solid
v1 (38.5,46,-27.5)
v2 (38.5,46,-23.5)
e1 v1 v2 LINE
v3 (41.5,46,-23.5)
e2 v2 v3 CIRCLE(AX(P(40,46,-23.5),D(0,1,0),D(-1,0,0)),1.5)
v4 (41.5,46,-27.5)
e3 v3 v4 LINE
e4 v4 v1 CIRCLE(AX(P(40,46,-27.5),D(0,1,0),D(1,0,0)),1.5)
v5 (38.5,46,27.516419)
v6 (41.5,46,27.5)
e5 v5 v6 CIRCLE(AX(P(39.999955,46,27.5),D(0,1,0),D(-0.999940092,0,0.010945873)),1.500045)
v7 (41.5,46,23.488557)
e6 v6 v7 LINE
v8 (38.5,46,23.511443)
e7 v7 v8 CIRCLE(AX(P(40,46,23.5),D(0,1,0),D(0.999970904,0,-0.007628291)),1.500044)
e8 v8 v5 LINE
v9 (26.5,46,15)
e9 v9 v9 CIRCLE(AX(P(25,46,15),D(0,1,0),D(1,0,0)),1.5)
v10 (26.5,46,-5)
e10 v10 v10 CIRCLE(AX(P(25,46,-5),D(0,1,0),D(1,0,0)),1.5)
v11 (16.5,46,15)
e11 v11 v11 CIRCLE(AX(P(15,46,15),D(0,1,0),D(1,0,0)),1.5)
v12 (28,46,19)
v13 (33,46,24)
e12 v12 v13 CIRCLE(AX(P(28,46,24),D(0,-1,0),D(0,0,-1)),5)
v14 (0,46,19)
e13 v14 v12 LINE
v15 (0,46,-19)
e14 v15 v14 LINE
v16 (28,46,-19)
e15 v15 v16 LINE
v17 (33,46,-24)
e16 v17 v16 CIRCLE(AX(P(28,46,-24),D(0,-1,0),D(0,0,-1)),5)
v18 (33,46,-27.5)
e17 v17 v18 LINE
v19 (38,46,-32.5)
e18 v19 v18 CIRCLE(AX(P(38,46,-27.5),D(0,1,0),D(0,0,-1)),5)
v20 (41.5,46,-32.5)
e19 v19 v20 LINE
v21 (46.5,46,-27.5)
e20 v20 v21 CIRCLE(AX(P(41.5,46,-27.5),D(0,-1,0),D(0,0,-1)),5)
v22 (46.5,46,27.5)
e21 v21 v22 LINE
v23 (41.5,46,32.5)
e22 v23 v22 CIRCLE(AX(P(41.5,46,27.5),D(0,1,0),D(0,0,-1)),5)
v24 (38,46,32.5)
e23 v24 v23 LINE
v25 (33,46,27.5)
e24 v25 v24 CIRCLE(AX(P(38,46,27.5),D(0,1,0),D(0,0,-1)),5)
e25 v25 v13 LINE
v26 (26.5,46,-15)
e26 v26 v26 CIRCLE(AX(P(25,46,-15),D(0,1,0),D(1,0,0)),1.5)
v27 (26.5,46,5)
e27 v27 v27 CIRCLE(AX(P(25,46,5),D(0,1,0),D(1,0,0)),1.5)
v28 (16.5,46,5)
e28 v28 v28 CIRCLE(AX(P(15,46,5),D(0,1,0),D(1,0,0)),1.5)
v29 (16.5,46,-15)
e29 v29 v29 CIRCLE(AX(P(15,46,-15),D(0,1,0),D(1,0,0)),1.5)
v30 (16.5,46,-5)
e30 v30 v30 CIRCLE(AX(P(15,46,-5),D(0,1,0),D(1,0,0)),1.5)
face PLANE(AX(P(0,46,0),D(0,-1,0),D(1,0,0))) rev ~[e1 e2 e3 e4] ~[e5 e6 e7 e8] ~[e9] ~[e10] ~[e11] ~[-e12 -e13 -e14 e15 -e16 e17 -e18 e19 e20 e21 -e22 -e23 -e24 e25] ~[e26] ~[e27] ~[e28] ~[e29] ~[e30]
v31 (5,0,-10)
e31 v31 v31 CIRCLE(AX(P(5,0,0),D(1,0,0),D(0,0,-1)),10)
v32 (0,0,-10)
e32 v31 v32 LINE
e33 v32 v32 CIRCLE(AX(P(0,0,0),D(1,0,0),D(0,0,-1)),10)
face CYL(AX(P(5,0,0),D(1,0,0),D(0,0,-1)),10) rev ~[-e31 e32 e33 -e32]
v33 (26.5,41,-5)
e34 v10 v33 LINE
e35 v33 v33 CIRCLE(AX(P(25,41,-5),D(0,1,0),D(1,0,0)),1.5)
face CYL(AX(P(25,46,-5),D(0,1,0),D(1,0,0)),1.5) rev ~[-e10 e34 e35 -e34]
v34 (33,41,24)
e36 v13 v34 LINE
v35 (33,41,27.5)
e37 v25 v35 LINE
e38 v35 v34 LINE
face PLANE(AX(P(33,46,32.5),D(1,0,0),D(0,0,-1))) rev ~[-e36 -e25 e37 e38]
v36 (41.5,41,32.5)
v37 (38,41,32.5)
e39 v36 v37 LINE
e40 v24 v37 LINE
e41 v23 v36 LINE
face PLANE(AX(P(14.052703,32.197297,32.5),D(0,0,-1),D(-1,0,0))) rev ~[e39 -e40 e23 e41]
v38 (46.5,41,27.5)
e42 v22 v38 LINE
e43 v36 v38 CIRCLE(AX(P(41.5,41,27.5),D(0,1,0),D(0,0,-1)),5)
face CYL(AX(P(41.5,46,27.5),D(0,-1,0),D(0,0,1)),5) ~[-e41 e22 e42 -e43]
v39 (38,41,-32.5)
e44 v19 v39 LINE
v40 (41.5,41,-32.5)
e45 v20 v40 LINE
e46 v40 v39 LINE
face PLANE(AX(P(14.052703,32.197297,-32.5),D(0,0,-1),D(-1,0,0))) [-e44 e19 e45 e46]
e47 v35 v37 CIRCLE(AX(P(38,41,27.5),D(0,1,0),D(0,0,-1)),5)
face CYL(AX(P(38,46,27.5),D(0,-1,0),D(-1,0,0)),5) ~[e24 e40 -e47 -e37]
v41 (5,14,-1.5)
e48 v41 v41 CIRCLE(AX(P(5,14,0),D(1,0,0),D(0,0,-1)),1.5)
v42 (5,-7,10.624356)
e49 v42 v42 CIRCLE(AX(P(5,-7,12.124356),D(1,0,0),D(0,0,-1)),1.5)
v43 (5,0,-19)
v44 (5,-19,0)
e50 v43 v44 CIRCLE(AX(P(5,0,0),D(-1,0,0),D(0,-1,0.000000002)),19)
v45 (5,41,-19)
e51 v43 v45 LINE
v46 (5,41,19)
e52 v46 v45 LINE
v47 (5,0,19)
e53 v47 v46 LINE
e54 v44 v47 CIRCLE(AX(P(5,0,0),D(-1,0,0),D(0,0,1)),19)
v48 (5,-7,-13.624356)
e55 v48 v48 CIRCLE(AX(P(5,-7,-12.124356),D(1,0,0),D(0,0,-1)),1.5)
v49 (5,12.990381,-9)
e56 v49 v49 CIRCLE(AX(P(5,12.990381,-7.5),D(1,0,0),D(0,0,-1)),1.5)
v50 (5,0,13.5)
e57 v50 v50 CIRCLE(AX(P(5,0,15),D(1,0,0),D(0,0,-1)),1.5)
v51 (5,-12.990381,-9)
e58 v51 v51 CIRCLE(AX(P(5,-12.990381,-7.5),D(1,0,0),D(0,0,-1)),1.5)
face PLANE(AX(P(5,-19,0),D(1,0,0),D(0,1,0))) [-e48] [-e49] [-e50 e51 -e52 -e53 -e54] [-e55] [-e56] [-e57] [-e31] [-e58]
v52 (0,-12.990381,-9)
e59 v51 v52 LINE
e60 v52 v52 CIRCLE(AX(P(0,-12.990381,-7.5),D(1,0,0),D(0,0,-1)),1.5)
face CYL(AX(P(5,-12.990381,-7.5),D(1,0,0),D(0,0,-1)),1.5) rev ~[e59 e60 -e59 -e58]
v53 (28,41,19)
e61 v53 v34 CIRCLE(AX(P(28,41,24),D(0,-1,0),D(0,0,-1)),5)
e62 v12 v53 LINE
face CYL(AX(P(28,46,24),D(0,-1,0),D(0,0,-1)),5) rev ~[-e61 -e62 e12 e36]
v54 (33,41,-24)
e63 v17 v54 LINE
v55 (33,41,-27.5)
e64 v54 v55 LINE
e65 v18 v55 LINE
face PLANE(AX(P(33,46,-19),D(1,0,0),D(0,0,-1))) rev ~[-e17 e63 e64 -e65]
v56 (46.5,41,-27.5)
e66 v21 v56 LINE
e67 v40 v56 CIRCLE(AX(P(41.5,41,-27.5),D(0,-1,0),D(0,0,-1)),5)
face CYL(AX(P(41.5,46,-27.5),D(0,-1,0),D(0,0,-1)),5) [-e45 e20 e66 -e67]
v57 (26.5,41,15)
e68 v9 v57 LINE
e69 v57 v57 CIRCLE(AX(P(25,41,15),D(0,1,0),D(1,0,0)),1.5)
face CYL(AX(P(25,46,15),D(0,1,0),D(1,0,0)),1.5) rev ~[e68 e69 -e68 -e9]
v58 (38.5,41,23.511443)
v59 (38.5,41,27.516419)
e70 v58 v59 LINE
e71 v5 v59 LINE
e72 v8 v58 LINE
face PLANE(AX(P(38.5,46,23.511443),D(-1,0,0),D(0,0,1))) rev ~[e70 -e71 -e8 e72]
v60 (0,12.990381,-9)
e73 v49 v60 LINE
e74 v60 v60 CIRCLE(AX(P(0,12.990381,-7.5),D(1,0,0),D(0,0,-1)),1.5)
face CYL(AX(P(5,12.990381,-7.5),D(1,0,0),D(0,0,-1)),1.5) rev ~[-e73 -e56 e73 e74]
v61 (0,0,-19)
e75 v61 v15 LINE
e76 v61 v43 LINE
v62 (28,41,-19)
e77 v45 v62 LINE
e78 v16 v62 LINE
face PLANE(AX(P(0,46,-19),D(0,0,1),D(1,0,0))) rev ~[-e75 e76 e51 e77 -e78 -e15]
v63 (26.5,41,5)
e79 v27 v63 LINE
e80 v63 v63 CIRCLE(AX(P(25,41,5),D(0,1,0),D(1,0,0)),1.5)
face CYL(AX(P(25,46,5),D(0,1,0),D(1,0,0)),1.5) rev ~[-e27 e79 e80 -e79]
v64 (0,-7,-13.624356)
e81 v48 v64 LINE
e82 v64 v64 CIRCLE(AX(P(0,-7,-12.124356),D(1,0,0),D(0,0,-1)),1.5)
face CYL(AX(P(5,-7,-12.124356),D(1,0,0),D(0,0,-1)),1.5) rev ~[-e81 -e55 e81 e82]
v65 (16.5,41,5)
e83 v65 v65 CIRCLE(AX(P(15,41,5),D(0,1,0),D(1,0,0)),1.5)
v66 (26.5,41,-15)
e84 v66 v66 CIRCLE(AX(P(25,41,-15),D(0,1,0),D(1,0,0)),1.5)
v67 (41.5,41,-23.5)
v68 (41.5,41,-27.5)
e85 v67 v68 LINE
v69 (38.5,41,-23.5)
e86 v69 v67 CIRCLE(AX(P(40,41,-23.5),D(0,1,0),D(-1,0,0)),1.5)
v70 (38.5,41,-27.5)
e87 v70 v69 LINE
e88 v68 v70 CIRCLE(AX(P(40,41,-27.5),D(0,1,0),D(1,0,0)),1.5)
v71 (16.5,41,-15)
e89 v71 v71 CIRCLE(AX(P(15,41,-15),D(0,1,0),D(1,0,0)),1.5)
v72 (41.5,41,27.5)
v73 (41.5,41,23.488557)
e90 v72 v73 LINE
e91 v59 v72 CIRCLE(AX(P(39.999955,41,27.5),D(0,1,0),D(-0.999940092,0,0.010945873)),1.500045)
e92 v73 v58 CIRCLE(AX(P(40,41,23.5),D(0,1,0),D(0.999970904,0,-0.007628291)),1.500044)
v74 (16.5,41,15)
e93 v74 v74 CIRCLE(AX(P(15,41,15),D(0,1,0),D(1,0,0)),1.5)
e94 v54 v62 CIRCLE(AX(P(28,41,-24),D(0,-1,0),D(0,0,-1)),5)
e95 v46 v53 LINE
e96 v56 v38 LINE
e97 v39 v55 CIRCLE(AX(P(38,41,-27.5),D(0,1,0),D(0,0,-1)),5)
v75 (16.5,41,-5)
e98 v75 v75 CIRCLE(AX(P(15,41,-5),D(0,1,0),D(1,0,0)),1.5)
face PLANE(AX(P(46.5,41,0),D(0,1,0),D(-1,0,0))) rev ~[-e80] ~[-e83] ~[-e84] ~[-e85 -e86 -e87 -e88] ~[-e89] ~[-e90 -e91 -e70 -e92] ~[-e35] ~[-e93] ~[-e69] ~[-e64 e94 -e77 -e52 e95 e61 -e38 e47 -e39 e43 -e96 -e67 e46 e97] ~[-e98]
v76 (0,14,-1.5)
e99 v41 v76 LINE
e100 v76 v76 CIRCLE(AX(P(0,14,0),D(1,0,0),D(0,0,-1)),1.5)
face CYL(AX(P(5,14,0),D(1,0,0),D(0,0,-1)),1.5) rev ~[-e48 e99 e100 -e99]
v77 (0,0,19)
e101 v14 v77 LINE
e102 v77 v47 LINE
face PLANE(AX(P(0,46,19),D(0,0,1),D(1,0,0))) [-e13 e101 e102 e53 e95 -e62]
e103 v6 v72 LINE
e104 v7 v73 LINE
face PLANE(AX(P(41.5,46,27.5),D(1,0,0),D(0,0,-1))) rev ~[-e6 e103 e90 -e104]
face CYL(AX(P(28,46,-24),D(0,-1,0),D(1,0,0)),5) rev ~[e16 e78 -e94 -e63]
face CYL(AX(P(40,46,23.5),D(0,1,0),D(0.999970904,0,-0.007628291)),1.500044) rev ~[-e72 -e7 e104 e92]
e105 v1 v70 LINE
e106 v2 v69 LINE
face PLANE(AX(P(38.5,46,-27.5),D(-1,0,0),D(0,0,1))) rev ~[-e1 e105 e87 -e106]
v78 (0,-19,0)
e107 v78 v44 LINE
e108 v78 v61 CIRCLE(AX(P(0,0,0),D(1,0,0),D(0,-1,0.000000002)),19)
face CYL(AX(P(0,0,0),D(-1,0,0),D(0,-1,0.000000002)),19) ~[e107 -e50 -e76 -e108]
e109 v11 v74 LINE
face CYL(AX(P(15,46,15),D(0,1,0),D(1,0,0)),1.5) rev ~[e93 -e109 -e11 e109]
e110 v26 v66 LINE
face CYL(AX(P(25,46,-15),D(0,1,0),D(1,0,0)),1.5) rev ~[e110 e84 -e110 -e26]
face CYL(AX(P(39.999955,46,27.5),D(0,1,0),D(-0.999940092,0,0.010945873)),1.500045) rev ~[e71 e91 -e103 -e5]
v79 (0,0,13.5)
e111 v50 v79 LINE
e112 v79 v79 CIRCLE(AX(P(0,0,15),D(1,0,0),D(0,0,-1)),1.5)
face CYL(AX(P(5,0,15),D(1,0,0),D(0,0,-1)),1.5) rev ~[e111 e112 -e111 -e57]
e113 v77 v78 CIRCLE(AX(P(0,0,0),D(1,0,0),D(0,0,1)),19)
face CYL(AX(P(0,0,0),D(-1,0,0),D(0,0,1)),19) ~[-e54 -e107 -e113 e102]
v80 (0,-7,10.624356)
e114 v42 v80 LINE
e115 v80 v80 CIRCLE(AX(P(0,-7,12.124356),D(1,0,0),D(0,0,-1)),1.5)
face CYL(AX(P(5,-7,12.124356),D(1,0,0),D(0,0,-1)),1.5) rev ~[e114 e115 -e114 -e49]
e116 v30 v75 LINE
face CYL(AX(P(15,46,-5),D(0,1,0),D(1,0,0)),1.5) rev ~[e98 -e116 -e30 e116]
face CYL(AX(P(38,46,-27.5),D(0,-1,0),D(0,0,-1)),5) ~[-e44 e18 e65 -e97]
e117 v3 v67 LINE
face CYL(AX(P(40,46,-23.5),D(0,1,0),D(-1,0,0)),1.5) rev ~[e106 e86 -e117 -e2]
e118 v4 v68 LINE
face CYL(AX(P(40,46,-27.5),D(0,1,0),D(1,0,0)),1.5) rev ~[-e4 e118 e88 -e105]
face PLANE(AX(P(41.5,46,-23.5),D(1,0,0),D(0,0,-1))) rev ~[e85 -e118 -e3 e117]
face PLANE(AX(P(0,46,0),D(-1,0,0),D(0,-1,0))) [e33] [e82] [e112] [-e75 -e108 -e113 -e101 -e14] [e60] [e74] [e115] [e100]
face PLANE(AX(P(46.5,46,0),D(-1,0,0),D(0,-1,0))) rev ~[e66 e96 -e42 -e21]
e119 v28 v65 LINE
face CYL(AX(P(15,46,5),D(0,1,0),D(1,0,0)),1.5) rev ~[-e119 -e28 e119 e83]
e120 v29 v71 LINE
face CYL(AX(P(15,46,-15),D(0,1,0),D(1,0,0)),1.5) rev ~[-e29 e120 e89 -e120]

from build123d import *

# Parameters (mm, degrees)
SKETCH_1_W               = 5
SKETCH_1_H               = 19
EXTRUDE_1_DEPTH          = 32.5
EXTRUDE_1_DEPTH_BACK     = 32.5
SKETCH_2_R               = 10
CUT_EXTRUDE_1_DEPTH      = 19
SKETCH_3_R               = 1.5
CUT_EXTRUDE_2_DEPTH      = 6
SKETCH_4_R               = 1.5
CUT_EXTRUDE_3_DEPTH      = 66
CUT_EXTRUDE_4_DEPTH      = 1
CUT_EXTRUDE_4_DEPTH_BACK = 47.5
SKETCH_6_W               = 33
SKETCH_6_H               = 13.5
CUT_EXTRUDE_5_DEPTH      = 10
FILLET_3_R               = 5


with BuildPart() as part:
    # Эскиз1 → Бобышка-Вытянуть1 (new body, two sides)
    with BuildSketch(Plane.XY) as extrude_1_sk:
        Polygon((46.5, 41), (5, 41), (5, 0), (0, 0), (0, 46), (46.5, 46), align=None)
        with Locations((2.5, -9.5)):
            Rectangle(SKETCH_1_W, SKETCH_1_H)
    extrude(amount=EXTRUDE_1_DEPTH)
    extrude(extrude_1_sk.sketch, amount=-EXTRUDE_1_DEPTH_BACK)

    # Эскиз2 → Вырез-Вытянуть1 (cut)
    with BuildSketch(Plane(origin=(5, 0, 0), x_dir=(0, 0, -1), z_dir=(1, 0, 0))):
        Circle(SKETCH_2_R)
    extrude(amount=-CUT_EXTRUDE_1_DEPTH, mode=Mode.SUBTRACT)

    # Эскиз3 → Вырез-Вытянуть2 (cut, through all)
    with BuildSketch(Plane(origin=(5, 0, 0), x_dir=(0, 0, -1), z_dir=(1, 0, 0))):
        with Locations((0, 14)):
            Circle(SKETCH_3_R)
        with Locations((7.5, 12.990381057)):
            Circle(SKETCH_3_R)
        with Locations((12.124355653, -7)):
            Circle(SKETCH_3_R)
        with Locations((7.5, -12.990381057)):
            Circle(SKETCH_3_R)
        with Locations((-12.124355653, -7)):
            Circle(SKETCH_3_R)
        with Locations((-15, 0)):
            Circle(SKETCH_3_R)
    extrude(amount=-CUT_EXTRUDE_2_DEPTH, mode=Mode.SUBTRACT)

    # Эскиз4 → Вырез-Вытянуть3 (cut, through all)
    with BuildSketch(Plane(origin=(0, 46, 0), x_dir=(1, 0, 0), z_dir=(0, 1, 0))):
        with Locations((15, 15)):
            Circle(SKETCH_4_R)
        with Locations((15, 5)):
            Circle(SKETCH_4_R)
        with Locations((25, 5)):
            Circle(SKETCH_4_R)
        with Locations((25, 15)):
            Circle(SKETCH_4_R)
        with Locations((25, -15)):
            Circle(SKETCH_4_R)
        with Locations((25, -5)):
            Circle(SKETCH_4_R)
        with Locations((15, -5)):
            Circle(SKETCH_4_R)
        with Locations((15, -15)):
            Circle(SKETCH_4_R)
        with BuildLine():
            Line((38.5, 27.5), (38.5, 23.5))
            ThreePointArc((38.5, 23.5), (40, 22), (41.5, 23.5))
            Line((41.5, 23.5), (41.5, 27.5))
            ThreePointArc((41.5, 27.5), (40, 29), (38.5, 27.5))
        make_face()
        with BuildLine():
            Line((38.5, -23.511442769), (38.5, -27.516419302))
            ThreePointArc((38.5, -27.516419302), (40.008164842, -29.000022466), (41.5, -27.5))
            Line((41.5, -27.5), (41.5, -23.488557231))
            ThreePointArc((41.5, -23.488557231), (39.988557231, -22), (38.5, -23.511442769))
        make_face()
    extrude(amount=-CUT_EXTRUDE_3_DEPTH, mode=Mode.SUBTRACT)

    # Эскиз5 → Вырез-Вытянуть4 (cut, two sides)
    with BuildSketch(Plane.ZY) as cut_extrude_4_sk:
        with BuildLine():
            ThreePointArc((3e-08, -19), (-13.435028832, -13.435028853), (-19, 0))
            Line((-19, 0), (-19, 40))
            Line((-19, 40), (-32.5, 40))
            Line((-32.5, 40), (-32.5, -19))
            Line((-32.5, -19), (3e-08, -19))
        make_face()
        with BuildLine():
            Line((19, 40), (19, 0))
            ThreePointArc((19, 0), (13.435028853, -13.435028832), (3e-08, -19))
            Line((3e-08, -19), (32.5, -19))
            Line((32.5, -19), (32.5, 40))
            Line((32.5, 40), (19, 40))
        make_face()
        Polygon((32.5, -19), (3e-08, -19), (-32.5, -19), (-32.5, 40), (-39.097198646, 40), (-39.097198646, -21.281436411), (42.016942769, -21.281436411), (42.016942769, 40), (32.5, 40), align=None)
    extrude(amount=CUT_EXTRUDE_4_DEPTH, mode=Mode.SUBTRACT)
    extrude(cut_extrude_4_sk.sketch, amount=-CUT_EXTRUDE_4_DEPTH_BACK, mode=Mode.SUBTRACT)

    # Эскиз6 → Вырез-Вытянуть5 (cut)
    with BuildSketch(Plane(origin=(0, 46, 0), x_dir=(1, 0, 0), z_dir=(0, 1, 0))):
        with Locations((16.5, 25.75)):
            Rectangle(SKETCH_6_W, SKETCH_6_H)
        with Locations((16.5, -25.75)):
            Rectangle(SKETCH_6_W, SKETCH_6_H)
    extrude(amount=-CUT_EXTRUDE_5_DEPTH, mode=Mode.SUBTRACT)

    # Скругление3
    fillet_3_edges = [part.edges().sort_by_distance(p)[0] for p in [
        (46.5, 43.5, 32.5),
        (33, 43.5, 19),
        (33, 43.5, 32.5),
        (33, 43.5, -32.5),
        (33, 43.5, -19),
        (46.5, 43.5, -32.5),
    ]]
    fillet(fillet_3_edges, radius=FILLET_3_R)


solid = part.part
